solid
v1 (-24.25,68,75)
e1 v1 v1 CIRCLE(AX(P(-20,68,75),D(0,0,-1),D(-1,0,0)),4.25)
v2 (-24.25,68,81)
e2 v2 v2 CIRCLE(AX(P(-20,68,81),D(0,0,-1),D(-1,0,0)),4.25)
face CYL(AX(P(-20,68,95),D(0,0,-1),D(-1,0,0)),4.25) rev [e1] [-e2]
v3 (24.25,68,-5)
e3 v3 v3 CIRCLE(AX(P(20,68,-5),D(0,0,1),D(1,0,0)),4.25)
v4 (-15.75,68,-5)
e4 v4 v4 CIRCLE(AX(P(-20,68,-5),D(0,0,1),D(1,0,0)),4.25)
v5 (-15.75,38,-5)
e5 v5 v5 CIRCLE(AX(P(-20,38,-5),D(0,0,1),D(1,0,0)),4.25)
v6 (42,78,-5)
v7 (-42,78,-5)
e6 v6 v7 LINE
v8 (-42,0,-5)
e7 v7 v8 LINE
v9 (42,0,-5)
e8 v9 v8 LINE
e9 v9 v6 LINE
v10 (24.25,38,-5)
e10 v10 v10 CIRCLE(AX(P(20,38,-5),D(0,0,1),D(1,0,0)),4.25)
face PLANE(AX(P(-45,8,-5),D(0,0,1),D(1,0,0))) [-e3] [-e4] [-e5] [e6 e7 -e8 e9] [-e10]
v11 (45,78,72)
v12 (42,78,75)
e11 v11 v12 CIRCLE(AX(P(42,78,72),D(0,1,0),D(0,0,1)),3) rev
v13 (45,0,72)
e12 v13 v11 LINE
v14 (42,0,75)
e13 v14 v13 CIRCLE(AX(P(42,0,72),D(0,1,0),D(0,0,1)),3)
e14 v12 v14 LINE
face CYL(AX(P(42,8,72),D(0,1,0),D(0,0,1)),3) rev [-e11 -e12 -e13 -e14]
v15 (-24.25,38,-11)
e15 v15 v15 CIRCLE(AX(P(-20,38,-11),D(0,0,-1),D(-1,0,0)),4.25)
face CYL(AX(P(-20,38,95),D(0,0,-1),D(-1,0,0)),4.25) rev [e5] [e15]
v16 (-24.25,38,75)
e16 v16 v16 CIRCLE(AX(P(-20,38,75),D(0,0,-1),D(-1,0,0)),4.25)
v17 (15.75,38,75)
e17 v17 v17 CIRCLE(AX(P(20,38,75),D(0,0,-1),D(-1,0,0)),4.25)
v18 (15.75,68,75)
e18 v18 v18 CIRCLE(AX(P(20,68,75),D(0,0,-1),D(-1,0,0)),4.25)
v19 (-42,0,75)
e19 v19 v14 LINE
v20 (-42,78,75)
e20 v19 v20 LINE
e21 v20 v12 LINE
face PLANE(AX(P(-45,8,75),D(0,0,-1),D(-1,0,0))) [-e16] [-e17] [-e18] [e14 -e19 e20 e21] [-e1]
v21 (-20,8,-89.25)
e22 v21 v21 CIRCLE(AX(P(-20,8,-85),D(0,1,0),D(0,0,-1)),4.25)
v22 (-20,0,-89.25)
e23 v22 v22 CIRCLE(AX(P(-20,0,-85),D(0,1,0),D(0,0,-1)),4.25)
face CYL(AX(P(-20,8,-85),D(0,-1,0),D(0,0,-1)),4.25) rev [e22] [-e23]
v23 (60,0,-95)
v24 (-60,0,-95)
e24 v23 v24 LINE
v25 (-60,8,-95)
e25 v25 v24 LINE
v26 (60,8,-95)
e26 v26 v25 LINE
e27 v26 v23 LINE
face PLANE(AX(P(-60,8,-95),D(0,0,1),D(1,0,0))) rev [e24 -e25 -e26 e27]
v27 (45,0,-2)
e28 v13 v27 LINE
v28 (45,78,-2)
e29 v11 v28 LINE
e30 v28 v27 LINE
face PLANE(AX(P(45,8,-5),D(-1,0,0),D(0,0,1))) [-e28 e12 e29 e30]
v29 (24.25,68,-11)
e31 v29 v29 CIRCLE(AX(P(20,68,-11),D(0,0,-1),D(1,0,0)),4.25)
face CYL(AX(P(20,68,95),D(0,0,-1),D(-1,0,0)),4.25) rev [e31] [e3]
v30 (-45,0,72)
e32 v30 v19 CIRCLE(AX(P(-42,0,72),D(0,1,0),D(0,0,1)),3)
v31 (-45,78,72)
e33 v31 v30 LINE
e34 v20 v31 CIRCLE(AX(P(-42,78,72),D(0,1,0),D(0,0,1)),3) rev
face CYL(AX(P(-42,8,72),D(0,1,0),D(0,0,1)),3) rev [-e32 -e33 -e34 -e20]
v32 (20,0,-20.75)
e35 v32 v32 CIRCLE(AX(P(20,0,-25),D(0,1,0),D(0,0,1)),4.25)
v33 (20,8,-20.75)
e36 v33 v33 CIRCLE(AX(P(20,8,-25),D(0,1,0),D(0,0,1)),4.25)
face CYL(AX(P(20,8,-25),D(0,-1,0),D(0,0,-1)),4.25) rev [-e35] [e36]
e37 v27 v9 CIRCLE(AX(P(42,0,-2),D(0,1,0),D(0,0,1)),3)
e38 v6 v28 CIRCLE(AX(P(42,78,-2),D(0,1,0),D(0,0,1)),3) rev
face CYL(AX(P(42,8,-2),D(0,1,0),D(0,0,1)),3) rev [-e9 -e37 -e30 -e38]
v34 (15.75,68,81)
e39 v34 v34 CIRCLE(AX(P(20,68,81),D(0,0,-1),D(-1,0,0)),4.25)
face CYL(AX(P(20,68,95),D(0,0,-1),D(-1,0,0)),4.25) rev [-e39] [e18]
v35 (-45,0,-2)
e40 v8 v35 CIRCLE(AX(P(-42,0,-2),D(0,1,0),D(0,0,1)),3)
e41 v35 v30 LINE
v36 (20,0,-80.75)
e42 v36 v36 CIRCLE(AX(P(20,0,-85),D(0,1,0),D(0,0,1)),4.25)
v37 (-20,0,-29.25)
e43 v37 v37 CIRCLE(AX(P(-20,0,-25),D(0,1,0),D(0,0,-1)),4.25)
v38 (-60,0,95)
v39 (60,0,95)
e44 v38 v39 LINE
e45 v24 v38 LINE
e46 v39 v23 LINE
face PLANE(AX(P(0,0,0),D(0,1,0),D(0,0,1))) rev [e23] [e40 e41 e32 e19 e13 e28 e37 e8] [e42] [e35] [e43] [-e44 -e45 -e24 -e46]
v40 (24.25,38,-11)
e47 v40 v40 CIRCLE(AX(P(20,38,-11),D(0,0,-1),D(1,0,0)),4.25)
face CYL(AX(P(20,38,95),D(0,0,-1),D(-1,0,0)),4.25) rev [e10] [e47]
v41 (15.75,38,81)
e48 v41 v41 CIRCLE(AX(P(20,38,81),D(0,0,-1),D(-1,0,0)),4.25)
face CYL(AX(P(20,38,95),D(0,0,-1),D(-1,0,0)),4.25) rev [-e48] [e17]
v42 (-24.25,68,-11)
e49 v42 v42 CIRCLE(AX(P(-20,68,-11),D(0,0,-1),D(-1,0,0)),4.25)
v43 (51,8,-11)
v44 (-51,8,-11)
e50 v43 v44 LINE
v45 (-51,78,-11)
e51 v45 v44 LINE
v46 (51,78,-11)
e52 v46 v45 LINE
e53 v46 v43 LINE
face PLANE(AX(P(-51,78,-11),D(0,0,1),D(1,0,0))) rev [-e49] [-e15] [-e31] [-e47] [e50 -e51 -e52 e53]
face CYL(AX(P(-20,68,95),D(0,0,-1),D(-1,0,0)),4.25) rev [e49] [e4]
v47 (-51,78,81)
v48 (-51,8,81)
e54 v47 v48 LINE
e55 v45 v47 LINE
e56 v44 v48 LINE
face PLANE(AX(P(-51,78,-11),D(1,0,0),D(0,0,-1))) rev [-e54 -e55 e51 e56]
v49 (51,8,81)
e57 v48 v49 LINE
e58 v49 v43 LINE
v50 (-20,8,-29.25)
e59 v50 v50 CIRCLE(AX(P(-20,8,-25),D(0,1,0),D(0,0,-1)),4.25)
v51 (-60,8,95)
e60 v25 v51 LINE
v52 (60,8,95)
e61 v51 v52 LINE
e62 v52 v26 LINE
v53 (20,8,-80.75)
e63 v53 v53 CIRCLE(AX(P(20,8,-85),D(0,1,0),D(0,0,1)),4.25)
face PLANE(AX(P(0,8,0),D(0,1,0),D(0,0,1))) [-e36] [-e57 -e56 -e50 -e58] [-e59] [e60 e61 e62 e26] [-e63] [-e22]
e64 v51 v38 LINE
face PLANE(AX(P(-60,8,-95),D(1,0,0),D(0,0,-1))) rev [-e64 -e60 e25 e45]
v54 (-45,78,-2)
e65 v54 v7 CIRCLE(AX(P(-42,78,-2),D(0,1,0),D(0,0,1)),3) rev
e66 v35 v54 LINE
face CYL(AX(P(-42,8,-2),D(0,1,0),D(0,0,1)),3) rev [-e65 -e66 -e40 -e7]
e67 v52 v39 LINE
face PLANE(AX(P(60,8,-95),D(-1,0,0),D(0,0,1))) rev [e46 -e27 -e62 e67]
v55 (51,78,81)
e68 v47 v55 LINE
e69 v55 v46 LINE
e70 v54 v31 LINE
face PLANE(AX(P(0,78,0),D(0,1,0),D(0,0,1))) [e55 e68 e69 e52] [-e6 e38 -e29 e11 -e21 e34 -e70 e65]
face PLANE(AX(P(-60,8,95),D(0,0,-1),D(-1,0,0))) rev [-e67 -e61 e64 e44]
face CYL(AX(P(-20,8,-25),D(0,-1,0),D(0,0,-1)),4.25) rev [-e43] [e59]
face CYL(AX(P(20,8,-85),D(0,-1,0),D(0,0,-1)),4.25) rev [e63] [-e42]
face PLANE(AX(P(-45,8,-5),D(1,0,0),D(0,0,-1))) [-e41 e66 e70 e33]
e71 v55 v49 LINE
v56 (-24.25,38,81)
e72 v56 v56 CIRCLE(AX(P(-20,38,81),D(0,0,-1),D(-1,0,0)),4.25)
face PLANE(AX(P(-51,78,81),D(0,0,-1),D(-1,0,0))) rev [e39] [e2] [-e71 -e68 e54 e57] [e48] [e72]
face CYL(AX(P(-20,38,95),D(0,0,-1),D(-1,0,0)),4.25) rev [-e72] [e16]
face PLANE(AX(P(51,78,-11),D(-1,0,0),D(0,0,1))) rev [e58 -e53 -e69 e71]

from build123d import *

# Parameters (mm, degrees)
SKETCH_1_W          = 120
SKETCH_1_H          = 190
SKETCH_1_R          = 4.25
SKETCH_1_W_2        = 90
SKETCH_1_H_2        = 80
EXTRUDE_1_DEPTH     = 8
SKETCH_2_W          = 102
SKETCH_2_H          = 92
SKETCH_2_W_2        = 90
SKETCH_2_H_2        = 80
EXTRUDE_2_DEPTH     = 70
SKETCH_3_R          = 4.25
CUT_EXTRUDE_1_DEPTH = 145.637477854
FILLET_1_R          = 3


with BuildPart() as part:
    # 草图1 → 凸台-拉伸1 (new body)
    with BuildSketch(Plane(origin=(0, 0, 0), x_dir=(1, 0, 0), z_dir=(0, 1, 0))):
        Rectangle(SKETCH_1_W, SKETCH_1_H)
        with Locations(Location((20, 85, 0), (0, 0, 270))):
            Circle(SKETCH_1_R, mode=Mode.SUBTRACT)
        with Locations(Location((20, 25, 0), (0, 0, 270))):
            Circle(SKETCH_1_R, mode=Mode.SUBTRACT)
        with Locations(Location((-20, 85, 0), (0, 0, 90))):
            Circle(SKETCH_1_R, mode=Mode.SUBTRACT)
        with Locations(Location((-20, 25, 0), (0, 0, 90))):
            Circle(SKETCH_1_R, mode=Mode.SUBTRACT)
        with Locations((0, -35)):
            Rectangle(SKETCH_1_W_2, SKETCH_1_H_2, mode=Mode.SUBTRACT)
    extrude(amount=EXTRUDE_1_DEPTH)

    # 草图2 → 凸台-拉伸2 (add)
    with BuildSketch(Plane(origin=(0, 8, 0), x_dir=(1, 0, 0), z_dir=(0, 1, 0))):
        with Locations((0, -35)):
            Rectangle(SKETCH_2_W, SKETCH_2_H)
        with Locations((0, -35)):
            Rectangle(SKETCH_2_W_2, SKETCH_2_H_2, mode=Mode.SUBTRACT)
    extrude(amount=EXTRUDE_2_DEPTH)

    # 草图3 → 切除-拉伸1 (cut, through all)
    with BuildSketch(Plane(origin=(0, 0, -11), x_dir=(-1, 0, 0), z_dir=(0, 0, -1))):
        with Locations((20, 68)):
            Circle(SKETCH_3_R)
        with Locations((20, 38)):
            Circle(SKETCH_3_R)
        with Locations(Location((-20, 38, 0), (0, 0, 180))):
            Circle(SKETCH_3_R)
        with Locations(Location((-20, 68, 0), (0, 0, 180))):
            Circle(SKETCH_3_R)
    extrude(amount=-CUT_EXTRUDE_1_DEPTH, mode=Mode.SUBTRACT)

    # 圆角1
    fillet_1_edges = [part.edges().sort_by_distance(p)[0] for p in [
        (-45, 39, -5),
        (-45, 39, 75),
        (45, 39, 75),
        (45, 39, -5),
    ]]
    fillet(fillet_1_edges, radius=FILLET_1_R)


solid = part.part
